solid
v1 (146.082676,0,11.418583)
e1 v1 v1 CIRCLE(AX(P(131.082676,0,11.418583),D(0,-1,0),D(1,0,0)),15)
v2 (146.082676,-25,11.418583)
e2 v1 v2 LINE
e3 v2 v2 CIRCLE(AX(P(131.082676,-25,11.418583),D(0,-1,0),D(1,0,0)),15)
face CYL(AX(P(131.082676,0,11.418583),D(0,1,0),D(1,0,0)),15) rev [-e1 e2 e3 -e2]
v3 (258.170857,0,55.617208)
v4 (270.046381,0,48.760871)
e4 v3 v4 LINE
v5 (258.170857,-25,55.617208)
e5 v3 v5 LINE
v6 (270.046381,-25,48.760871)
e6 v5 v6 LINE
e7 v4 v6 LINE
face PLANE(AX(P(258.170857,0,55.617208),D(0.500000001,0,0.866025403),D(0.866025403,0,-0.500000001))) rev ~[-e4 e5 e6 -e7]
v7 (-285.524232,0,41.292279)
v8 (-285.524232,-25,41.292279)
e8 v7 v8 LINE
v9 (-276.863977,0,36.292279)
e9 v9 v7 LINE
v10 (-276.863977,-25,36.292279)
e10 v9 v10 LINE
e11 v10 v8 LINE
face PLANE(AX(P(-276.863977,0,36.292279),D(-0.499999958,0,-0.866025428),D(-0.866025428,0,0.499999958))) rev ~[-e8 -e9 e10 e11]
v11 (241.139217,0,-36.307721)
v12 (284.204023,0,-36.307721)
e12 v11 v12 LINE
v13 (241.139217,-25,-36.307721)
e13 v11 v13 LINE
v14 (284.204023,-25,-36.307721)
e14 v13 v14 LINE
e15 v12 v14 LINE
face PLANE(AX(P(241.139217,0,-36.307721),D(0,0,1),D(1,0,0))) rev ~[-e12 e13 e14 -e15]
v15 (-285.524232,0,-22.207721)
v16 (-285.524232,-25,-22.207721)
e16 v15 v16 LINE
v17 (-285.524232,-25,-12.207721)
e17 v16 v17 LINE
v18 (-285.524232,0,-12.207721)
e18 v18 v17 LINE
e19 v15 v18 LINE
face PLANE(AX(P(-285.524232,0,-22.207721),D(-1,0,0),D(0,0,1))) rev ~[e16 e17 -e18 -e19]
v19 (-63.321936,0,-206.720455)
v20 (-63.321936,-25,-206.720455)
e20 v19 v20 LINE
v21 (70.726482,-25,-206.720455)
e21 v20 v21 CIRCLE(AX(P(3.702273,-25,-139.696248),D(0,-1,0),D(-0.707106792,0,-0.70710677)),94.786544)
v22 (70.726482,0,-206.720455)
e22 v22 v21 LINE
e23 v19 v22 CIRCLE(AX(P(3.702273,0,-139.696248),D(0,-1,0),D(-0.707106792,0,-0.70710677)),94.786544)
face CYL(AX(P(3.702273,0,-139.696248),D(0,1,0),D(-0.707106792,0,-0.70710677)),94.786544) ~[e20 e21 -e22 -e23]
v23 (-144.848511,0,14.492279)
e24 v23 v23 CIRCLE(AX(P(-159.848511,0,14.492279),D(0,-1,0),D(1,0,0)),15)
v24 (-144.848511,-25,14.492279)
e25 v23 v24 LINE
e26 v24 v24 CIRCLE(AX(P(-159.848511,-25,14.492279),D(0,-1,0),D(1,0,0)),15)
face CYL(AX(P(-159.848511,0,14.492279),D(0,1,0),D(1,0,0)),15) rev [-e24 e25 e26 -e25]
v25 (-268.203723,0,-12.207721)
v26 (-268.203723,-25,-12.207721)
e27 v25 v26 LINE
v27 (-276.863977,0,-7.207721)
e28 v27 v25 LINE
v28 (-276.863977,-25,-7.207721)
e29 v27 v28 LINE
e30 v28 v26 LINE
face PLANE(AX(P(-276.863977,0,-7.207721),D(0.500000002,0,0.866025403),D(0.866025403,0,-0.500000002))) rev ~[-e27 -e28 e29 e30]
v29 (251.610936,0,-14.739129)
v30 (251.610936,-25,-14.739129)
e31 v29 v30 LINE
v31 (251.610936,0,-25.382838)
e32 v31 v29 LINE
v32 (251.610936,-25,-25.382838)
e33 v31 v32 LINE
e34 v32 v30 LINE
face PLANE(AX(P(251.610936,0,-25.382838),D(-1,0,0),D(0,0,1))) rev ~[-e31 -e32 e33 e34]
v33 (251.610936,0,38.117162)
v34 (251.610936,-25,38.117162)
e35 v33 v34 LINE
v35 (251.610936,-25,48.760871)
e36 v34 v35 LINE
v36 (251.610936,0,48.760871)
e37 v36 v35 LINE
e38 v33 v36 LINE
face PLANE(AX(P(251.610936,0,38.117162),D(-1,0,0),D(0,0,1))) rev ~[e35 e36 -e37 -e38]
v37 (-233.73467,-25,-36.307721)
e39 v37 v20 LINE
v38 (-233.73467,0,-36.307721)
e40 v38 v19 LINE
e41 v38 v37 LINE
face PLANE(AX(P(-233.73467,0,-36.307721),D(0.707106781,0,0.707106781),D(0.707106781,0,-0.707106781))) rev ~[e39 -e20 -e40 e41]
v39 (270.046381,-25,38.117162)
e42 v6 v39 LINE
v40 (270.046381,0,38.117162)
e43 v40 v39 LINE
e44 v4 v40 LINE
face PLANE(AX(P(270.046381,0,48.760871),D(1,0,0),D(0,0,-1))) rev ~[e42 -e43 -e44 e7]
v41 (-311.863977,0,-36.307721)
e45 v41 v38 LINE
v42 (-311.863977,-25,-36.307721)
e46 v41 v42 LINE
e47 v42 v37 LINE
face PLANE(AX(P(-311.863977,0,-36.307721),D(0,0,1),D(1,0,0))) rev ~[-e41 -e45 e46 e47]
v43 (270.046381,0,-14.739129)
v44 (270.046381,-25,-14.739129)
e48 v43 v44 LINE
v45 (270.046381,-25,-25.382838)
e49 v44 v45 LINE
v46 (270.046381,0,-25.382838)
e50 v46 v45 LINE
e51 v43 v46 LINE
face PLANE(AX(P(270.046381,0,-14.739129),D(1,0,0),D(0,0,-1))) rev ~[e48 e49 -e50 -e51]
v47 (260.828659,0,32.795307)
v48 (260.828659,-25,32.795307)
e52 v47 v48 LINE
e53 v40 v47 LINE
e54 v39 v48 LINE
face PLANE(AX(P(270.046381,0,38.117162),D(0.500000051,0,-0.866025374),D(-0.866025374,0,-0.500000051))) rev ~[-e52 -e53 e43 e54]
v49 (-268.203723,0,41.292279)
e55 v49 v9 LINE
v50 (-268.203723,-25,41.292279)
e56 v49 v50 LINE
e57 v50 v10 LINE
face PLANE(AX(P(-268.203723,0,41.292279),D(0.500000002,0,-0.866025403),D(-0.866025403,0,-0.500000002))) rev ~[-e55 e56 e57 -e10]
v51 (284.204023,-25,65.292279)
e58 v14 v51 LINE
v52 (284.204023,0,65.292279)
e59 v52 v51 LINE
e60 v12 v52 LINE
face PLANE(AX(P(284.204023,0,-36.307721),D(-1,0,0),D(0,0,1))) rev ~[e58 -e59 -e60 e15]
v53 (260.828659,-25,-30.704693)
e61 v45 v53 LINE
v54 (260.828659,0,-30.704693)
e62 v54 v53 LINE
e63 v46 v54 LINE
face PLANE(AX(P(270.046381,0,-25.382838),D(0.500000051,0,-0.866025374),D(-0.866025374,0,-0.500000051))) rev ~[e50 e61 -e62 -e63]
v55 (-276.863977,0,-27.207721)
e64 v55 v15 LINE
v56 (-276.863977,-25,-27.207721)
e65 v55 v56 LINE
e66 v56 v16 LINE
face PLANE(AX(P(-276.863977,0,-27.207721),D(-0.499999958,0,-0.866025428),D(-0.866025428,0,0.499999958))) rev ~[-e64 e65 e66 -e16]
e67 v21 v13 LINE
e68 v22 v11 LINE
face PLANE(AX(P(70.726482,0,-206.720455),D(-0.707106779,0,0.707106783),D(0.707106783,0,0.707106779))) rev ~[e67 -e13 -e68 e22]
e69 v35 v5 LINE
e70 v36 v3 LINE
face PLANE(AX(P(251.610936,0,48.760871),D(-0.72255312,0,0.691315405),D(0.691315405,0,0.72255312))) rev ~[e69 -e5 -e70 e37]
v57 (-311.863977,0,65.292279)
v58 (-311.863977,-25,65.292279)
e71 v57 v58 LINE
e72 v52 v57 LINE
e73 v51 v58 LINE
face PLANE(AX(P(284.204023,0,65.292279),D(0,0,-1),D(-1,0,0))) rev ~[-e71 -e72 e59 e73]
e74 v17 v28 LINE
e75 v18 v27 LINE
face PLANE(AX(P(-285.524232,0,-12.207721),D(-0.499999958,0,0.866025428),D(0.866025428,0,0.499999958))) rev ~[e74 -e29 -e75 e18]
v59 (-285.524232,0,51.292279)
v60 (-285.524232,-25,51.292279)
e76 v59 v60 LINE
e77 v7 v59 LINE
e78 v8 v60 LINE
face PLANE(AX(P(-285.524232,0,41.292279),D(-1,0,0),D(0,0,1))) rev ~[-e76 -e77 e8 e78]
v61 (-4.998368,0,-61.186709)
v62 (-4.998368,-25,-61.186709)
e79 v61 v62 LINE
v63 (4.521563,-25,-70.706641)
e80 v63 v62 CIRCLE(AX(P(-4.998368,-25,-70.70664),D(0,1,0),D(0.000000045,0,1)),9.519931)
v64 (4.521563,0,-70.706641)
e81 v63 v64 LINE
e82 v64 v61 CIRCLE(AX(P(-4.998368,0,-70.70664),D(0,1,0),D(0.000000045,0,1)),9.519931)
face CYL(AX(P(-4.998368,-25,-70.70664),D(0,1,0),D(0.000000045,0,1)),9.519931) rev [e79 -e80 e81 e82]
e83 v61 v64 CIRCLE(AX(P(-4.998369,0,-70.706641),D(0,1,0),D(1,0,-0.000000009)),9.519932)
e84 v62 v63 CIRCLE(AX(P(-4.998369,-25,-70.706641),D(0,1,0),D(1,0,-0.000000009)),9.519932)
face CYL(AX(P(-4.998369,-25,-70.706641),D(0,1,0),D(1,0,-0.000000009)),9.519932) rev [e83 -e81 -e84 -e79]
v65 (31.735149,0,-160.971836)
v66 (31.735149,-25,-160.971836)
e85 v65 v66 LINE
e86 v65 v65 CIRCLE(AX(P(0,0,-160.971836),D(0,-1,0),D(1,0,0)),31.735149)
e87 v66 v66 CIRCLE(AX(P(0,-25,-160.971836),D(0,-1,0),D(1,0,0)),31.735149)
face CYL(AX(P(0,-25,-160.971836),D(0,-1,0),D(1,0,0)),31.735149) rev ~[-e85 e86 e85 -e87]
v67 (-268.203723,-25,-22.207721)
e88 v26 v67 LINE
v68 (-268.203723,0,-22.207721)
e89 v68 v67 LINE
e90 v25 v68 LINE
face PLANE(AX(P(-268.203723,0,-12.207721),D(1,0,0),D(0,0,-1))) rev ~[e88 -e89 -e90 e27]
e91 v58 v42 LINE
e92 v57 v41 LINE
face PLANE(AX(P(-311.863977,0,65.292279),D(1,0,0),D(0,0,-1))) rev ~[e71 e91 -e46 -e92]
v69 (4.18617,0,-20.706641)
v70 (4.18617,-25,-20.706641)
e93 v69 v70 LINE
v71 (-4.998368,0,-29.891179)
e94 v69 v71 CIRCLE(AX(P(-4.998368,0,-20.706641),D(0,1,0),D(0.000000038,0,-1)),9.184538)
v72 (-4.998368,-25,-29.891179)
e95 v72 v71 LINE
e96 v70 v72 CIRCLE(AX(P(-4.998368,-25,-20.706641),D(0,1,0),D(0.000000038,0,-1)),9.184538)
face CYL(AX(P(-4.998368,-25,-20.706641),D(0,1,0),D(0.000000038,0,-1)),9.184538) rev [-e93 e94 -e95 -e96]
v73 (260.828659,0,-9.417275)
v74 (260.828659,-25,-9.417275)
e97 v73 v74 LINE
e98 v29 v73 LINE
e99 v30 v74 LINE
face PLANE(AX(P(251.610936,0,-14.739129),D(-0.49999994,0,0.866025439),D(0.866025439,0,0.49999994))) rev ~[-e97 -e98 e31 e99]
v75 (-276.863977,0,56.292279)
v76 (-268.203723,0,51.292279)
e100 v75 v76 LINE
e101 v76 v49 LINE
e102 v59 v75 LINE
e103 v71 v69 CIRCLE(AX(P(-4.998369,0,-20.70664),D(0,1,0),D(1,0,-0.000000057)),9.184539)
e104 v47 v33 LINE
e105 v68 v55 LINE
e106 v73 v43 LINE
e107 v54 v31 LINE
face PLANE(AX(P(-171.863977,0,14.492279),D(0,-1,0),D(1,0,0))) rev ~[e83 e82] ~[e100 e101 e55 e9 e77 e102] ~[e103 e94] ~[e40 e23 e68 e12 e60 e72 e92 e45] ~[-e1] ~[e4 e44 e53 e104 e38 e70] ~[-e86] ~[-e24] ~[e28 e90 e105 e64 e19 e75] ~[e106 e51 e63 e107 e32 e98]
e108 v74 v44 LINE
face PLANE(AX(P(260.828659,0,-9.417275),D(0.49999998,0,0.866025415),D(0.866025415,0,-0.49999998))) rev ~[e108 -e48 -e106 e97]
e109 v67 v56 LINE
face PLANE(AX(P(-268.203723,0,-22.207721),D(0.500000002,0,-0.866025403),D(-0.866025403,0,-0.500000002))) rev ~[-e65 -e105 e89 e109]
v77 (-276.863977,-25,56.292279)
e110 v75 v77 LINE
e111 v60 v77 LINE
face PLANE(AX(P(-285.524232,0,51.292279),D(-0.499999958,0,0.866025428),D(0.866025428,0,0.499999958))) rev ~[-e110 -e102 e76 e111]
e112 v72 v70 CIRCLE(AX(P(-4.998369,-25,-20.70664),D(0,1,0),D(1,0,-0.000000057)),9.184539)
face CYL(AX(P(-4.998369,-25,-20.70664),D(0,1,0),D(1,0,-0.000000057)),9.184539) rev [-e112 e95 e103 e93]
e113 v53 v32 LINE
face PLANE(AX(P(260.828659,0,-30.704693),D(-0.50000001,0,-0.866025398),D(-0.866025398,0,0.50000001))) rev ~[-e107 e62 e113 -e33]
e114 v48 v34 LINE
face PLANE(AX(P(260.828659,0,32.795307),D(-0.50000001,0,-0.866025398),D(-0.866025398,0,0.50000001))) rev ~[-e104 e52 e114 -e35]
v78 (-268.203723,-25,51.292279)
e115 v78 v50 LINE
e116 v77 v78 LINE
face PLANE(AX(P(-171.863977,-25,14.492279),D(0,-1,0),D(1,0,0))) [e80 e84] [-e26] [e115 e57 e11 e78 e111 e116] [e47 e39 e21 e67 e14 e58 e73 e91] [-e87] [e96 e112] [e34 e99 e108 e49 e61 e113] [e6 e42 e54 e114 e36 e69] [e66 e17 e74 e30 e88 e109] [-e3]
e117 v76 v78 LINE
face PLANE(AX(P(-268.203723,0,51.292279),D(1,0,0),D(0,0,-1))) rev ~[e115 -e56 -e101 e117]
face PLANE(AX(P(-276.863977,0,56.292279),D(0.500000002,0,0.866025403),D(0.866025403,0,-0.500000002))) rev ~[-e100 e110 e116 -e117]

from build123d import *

# Parameters (mm, degrees)
F0_R     = 15
F0_W     = 36.068
F0_H     = 101.6
F1_DEPTH = 25
F2_R     = 31.735149
F3_DEPTH = 41.5


with BuildPart() as f1:
    # F0 (on Front) → F1 (new body)
    with BuildSketch(Plane.XZ):
        Polygon((-31.863977, 65.292279), (-311.863977, 65.292279), (-311.863977, -36.307721), (-233.73467, -36.307721), (-31.863977, -36.307721), align=None)
        Polygon((-276.863977, -7.207721), (-268.203723, -12.207721), (-268.203723, -22.207721), (-276.863977, -27.207721), (-285.524232, -22.207721), (-285.524232, -12.207721), align=None, mode=Mode.SUBTRACT)
        Polygon((-276.863977, 56.292279), (-268.203723, 51.292279), (-268.203723, 41.292279), (-276.863977, 36.292279), (-285.524232, 41.292279), (-285.524232, 51.292279), align=None, mode=Mode.SUBTRACT)
        with Locations((-159.848511, 14.492279)):
            Circle(F0_R, mode=Mode.SUBTRACT)
        with BuildLine():
            Line((4.204023, -36.307721), (-31.863977, -36.307721))
            Line((-31.863977, -36.307721), (-233.73467, -36.307721))
            Line((-233.73467, -36.307721), (-63.321936, -206.720455))
            ThreePointArc((-63.321936, -206.720455), (3.702273, -234.482792), (70.726482, -206.720455))
            Line((70.726482, -206.720455), (241.139217, -36.307721))
            Line((241.139217, -36.307721), (4.204023, -36.307721))
        make_face()
        Polygon((284.204023, 65.292279), (4.204023, 65.292279), (4.204023, -36.307721), (241.139217, -36.307721), (284.204023, -36.307721), align=None)
        Polygon((270.046381, -14.739129), (270.046381, -25.382838), (260.828659, -30.704693), (251.610936, -25.382838), (251.610936, -14.739129), (260.828659, -9.417275), align=None, mode=Mode.SUBTRACT)
        with Locations((131.082676, 11.418583)):
            Circle(F0_R, mode=Mode.SUBTRACT)
        Polygon((251.610936, 38.117162), (251.610936, 48.760871), (258.170857, 55.617208), (270.046381, 48.760871), (270.046381, 38.117162), (260.828659, 32.795307), align=None, mode=Mode.SUBTRACT)
        with Locations((-13.829977, 14.492279)):
            Rectangle(F0_W, F0_H)
    extrude(amount=F1_DEPTH)

    # F2 (on face) → F3 (cut, symmetric)
    with BuildSketch(Plane.XZ.offset(25)):
        with BuildLine():
            ThreePointArc((4.521563, -70.706641), (1.73324, -63.975033), (-4.998368, -61.186709))
            ThreePointArc((-4.998368, -61.186709), (-11.729976, -77.438249), (4.521563, -70.706641))
        make_face()
        with BuildLine():
            ThreePointArc((-4.998368, -29.891179), (1.496081, -27.20109), (4.18617, -20.706641))
            ThreePointArc((4.18617, -20.706641), (-11.492818, -14.212191), (-4.998368, -29.891179))
        make_face()
        with Locations((0, -160.971836)):
            Circle(F2_R)
    extrude(amount=F3_DEPTH, both=True, mode=Mode.SUBTRACT)


solid = f1.part
